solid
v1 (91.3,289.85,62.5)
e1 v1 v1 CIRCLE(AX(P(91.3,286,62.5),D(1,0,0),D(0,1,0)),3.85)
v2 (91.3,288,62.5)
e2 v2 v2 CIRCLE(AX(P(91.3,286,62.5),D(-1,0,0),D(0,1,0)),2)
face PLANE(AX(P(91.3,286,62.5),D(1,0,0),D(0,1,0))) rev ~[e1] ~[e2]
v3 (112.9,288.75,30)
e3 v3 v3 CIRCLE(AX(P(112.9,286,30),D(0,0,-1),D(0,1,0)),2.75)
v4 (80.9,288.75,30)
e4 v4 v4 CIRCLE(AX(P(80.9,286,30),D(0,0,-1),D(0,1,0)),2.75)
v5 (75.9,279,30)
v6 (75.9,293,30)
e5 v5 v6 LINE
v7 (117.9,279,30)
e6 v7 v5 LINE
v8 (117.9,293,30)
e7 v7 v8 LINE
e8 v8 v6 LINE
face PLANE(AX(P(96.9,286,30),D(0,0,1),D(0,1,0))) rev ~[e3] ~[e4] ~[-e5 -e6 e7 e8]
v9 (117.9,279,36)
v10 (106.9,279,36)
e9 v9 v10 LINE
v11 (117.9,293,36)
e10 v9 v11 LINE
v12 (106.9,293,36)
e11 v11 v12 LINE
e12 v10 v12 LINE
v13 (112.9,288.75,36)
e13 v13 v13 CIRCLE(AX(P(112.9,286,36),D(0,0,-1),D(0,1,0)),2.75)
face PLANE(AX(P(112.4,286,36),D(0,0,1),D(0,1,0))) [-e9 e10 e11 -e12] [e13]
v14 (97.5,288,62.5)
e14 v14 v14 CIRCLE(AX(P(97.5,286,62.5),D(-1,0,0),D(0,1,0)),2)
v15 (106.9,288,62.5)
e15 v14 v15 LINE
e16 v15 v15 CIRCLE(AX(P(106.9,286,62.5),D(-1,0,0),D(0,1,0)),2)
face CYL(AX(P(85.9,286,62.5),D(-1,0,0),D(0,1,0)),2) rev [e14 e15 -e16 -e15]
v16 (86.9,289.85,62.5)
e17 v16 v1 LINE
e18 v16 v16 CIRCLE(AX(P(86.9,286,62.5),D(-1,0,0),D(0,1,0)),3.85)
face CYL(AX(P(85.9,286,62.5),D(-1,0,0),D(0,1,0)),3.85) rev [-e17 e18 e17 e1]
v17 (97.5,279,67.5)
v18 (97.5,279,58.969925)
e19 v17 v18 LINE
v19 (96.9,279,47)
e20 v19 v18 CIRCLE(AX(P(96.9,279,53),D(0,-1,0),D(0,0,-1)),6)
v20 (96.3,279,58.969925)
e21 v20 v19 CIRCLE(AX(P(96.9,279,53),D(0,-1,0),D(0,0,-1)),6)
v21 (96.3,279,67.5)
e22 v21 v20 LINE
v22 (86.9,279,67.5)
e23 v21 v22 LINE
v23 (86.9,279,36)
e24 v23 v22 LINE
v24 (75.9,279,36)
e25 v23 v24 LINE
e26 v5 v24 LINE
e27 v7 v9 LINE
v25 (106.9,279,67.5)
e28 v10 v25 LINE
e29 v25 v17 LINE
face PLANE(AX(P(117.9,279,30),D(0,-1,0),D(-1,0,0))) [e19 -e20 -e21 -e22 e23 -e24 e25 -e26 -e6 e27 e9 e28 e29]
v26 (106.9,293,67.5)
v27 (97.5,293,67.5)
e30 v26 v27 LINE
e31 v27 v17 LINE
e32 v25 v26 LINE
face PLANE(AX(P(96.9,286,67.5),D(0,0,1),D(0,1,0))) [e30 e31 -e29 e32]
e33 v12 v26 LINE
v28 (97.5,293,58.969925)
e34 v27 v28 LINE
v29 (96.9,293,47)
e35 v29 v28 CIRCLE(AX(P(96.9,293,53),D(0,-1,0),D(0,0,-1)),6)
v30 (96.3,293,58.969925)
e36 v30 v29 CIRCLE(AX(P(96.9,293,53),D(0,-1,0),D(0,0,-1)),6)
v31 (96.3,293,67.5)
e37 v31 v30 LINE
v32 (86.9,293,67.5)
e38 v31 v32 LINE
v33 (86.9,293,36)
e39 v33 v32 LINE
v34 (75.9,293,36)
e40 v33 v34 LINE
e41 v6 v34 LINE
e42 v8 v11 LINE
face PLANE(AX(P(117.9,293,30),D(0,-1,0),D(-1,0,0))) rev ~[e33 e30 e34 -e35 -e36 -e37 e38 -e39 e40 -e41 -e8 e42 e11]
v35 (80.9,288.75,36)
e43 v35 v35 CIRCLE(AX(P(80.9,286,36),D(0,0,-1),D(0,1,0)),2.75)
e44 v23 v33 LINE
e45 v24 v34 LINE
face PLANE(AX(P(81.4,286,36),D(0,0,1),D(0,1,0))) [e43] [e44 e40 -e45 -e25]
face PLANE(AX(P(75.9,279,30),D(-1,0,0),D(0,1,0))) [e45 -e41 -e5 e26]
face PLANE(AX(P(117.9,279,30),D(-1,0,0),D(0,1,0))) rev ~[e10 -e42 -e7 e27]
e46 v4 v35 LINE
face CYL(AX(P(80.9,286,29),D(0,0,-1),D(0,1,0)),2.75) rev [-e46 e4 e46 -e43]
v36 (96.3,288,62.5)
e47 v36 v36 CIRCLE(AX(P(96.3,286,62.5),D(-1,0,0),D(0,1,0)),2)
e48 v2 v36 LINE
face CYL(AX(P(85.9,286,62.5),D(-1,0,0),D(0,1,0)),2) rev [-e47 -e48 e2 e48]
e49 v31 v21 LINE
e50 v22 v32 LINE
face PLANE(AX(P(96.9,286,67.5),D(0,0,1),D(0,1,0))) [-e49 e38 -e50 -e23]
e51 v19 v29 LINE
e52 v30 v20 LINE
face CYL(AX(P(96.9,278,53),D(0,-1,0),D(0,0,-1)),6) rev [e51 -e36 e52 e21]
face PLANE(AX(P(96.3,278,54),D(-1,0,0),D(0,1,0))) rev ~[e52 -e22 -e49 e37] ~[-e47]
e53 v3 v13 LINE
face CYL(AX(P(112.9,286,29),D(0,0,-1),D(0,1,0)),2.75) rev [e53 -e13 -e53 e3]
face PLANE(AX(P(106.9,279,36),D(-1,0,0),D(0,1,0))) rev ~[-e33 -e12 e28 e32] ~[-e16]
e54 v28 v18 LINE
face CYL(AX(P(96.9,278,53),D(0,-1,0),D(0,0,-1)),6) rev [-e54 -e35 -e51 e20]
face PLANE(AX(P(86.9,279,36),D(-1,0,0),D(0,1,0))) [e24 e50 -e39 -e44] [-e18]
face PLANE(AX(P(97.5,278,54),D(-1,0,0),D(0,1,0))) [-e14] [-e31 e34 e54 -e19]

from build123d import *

# Parameters (mm, degrees)
MBOLT_SH_L_R                     = 2.75
MBOLT_SH_L_DEPTH                 = 8
MBOLT_SH_R_R                     = 2.75
MBOLT_SH_R_DEPTH                 = 8
MBOLTS_SH_PLACEMENT_ANGLE        = 90
TBOLT_SHAFT_R                    = 2
TBOLT_SHAFT_DEPTH                = 22
TBOLT_SHAFT_ROLL_ANGLE           = 90
UP_SEP_W                         = 16
UP_SEP_H                         = 1.2
UP_SEP_DEPTH                     = 15.5
SHAFT_HOLE_R                     = 6
SHAFT_HOLE_DEPTH                 = 16
SHAFT_HOLE_PITCH_ANGLE           = 90
TBOLT_HEAD_R                     = 3.85
TBOLT_HEAD_DEPTH                 = 5.4
TBOLT_HEAD_ROLL_ANGLE            = 90
SIDE_BOX_L_W                     = 14
SIDE_BOX_L_H                     = 11
SIDE_BOX_L_DEPTH                 = 31.5
SIDE_BOX_R_W                     = 14
SIDE_BOX_R_H                     = 11
SIDE_BOX_R_DEPTH                 = 31.5
TOTAL_BOX_W                      = 14
TOTAL_BOX_H                      = 42
TOTAL_BOX_DEPTH                  = 37.5
SK_SHAPE_W_HOLES_PLACEMENT_ANGLE = 90


with BuildPart() as mbolt_sh_l:
    # mbolt_sh_l → mbolt_sh_l (new body)
    with BuildSketch(Plane(origin=(7, -16, -1), x_dir=(1, 0, 0), z_dir=(0, 0, 1))):
        Circle(MBOLT_SH_L_R)
    extrude(amount=MBOLT_SH_L_DEPTH)


with BuildPart() as mbolts_sh:
    # mbolt_sh_r → mbolt_sh_r (new body)
    with BuildSketch(Plane(origin=(7, 16, -1), x_dir=(1, 0, 0), z_dir=(0, 0, 1))):
        Circle(MBOLT_SH_R_R)
    extrude(amount=MBOLT_SH_R_DEPTH)

    # mbolts_sh: union mbolt_sh_l
    add(mbolt_sh_l.part)


with BuildPart() as mbolts_sh_1:
    # mbolts_sh placement: moved
    add(mbolts_sh.part.moved(Location((0, -7, 0))).rotate(Axis((0, -7, 0), (0, 0, 1)), MBOLTS_SH_PLACEMENT_ANGLE))


with BuildPart() as tbolt_shaft:
    # tbolt_shaft → tbolt_shaft (new body)
    with BuildSketch(Plane.XY):
        Circle(TBOLT_SHAFT_R)
    extrude(amount=TBOLT_SHAFT_DEPTH)


with BuildPart() as tbolt_shaft_1:
    # tbolt_shaft roll: moved
    add(tbolt_shaft.part.rotate(Axis((0, 0, 0), (1, 0, 0)), TBOLT_SHAFT_ROLL_ANGLE))


with BuildPart() as tbolt_shaft_2:
    # tbolt_shaft placement: moved
    add(tbolt_shaft_1.part.moved(Location((7, 11, 32.5))))


with BuildPart() as up_sep:
    # up_sep → up_sep (new body)
    with BuildSketch(Plane(origin=(-1, -0.6, 24), x_dir=(1, 0, 0), z_dir=(0, 0, 1))):
        with Locations((8, 0.6)):
            Rectangle(UP_SEP_W, UP_SEP_H)
    extrude(amount=UP_SEP_DEPTH)


with BuildPart() as shaft_hole:
    # shaft_hole → shaft_hole (new body)
    with BuildSketch(Plane.XY):
        Circle(SHAFT_HOLE_R)
    extrude(amount=SHAFT_HOLE_DEPTH)


with BuildPart() as shaft_hole_1:
    # shaft_hole pitch: moved
    add(shaft_hole.part.rotate(Axis((0, 0, 0), (0, 1, 0)), SHAFT_HOLE_PITCH_ANGLE))


with BuildPart() as shaft_hole_2:
    # shaft_hole placement: moved
    add(shaft_hole_1.part.moved(Location((-1, 0, 23))))


with BuildPart() as fuse_shaft_holes:
    # tbolt_head → tbolt_head (new body)
    with BuildSketch(Plane.XY):
        Circle(TBOLT_HEAD_R)
    extrude(amount=TBOLT_HEAD_DEPTH)


with BuildPart() as fuse_shaft_holes_1:
    # tbolt_head roll: moved
    add(fuse_shaft_holes.part.rotate(Axis((0, 0, 0), (1, 0, 0)), TBOLT_HEAD_ROLL_ANGLE))


with BuildPart() as fuse_shaft_holes_2:
    # tbolt_head placement: moved
    add(fuse_shaft_holes_1.part.moved(Location((7, 11, 32.5))))

    # fuse_shaft_holes: union tbolt_shaft, up_sep, shaft_hole
    add(tbolt_shaft_2.part)
    add(up_sep.part)
    add(shaft_hole_2.part)


with BuildPart() as side_box_l:
    # side_box_l → side_box_l (new body)
    with BuildSketch(Plane(origin=(0, -21, 6), x_dir=(1, 0, 0), z_dir=(0, 0, 1))):
        with Locations((7, 5.5)):
            Rectangle(SIDE_BOX_L_W, SIDE_BOX_L_H)
    extrude(amount=SIDE_BOX_L_DEPTH)


with BuildPart() as side_boxes:
    # side_box_r → side_box_r (new body)
    with BuildSketch(Plane(origin=(0, 10, 6), x_dir=(1, 0, 0), z_dir=(0, 0, 1))):
        with Locations((7, 5.5)):
            Rectangle(SIDE_BOX_R_W, SIDE_BOX_R_H)
    extrude(amount=SIDE_BOX_R_DEPTH)

    # side_boxes: union side_box_l
    add(side_box_l.part)


with BuildPart() as sk12_fr:
    # total_box → total_box (new body)
    with BuildSketch(Plane(origin=(0, -21, 0), x_dir=(1, 0, 0), z_dir=(0, 0, 1))):
        with Locations((7, 21)):
            Rectangle(TOTAL_BOX_W, TOTAL_BOX_H)
    extrude(amount=TOTAL_BOX_DEPTH)

    # sk_shape: cut side_boxes
    add(side_boxes.part, mode=Mode.SUBTRACT)

    # sk_shape_w_holes: cut fuse_shaft_holes
    add(fuse_shaft_holes_2.part, mode=Mode.SUBTRACT)


with BuildPart() as sk12_fr_1:
    # sk_shape_w_holes placement: moved
    add(sk12_fr.part.moved(Location((0, -7, 0))).rotate(Axis((0, -7, 0), (0, 0, 1)), SK_SHAPE_W_HOLES_PLACEMENT_ANGLE))

    # sk12_fr: cut mbolts_sh
    add(mbolts_sh_1.part, mode=Mode.SUBTRACT)


with BuildPart() as sk12_fr_2:
    # sk12_fr placement: moved
    add(sk12_fr_1.part.moved(Location((96.9, 286, 30))))


solid = sk12_fr_2.part
